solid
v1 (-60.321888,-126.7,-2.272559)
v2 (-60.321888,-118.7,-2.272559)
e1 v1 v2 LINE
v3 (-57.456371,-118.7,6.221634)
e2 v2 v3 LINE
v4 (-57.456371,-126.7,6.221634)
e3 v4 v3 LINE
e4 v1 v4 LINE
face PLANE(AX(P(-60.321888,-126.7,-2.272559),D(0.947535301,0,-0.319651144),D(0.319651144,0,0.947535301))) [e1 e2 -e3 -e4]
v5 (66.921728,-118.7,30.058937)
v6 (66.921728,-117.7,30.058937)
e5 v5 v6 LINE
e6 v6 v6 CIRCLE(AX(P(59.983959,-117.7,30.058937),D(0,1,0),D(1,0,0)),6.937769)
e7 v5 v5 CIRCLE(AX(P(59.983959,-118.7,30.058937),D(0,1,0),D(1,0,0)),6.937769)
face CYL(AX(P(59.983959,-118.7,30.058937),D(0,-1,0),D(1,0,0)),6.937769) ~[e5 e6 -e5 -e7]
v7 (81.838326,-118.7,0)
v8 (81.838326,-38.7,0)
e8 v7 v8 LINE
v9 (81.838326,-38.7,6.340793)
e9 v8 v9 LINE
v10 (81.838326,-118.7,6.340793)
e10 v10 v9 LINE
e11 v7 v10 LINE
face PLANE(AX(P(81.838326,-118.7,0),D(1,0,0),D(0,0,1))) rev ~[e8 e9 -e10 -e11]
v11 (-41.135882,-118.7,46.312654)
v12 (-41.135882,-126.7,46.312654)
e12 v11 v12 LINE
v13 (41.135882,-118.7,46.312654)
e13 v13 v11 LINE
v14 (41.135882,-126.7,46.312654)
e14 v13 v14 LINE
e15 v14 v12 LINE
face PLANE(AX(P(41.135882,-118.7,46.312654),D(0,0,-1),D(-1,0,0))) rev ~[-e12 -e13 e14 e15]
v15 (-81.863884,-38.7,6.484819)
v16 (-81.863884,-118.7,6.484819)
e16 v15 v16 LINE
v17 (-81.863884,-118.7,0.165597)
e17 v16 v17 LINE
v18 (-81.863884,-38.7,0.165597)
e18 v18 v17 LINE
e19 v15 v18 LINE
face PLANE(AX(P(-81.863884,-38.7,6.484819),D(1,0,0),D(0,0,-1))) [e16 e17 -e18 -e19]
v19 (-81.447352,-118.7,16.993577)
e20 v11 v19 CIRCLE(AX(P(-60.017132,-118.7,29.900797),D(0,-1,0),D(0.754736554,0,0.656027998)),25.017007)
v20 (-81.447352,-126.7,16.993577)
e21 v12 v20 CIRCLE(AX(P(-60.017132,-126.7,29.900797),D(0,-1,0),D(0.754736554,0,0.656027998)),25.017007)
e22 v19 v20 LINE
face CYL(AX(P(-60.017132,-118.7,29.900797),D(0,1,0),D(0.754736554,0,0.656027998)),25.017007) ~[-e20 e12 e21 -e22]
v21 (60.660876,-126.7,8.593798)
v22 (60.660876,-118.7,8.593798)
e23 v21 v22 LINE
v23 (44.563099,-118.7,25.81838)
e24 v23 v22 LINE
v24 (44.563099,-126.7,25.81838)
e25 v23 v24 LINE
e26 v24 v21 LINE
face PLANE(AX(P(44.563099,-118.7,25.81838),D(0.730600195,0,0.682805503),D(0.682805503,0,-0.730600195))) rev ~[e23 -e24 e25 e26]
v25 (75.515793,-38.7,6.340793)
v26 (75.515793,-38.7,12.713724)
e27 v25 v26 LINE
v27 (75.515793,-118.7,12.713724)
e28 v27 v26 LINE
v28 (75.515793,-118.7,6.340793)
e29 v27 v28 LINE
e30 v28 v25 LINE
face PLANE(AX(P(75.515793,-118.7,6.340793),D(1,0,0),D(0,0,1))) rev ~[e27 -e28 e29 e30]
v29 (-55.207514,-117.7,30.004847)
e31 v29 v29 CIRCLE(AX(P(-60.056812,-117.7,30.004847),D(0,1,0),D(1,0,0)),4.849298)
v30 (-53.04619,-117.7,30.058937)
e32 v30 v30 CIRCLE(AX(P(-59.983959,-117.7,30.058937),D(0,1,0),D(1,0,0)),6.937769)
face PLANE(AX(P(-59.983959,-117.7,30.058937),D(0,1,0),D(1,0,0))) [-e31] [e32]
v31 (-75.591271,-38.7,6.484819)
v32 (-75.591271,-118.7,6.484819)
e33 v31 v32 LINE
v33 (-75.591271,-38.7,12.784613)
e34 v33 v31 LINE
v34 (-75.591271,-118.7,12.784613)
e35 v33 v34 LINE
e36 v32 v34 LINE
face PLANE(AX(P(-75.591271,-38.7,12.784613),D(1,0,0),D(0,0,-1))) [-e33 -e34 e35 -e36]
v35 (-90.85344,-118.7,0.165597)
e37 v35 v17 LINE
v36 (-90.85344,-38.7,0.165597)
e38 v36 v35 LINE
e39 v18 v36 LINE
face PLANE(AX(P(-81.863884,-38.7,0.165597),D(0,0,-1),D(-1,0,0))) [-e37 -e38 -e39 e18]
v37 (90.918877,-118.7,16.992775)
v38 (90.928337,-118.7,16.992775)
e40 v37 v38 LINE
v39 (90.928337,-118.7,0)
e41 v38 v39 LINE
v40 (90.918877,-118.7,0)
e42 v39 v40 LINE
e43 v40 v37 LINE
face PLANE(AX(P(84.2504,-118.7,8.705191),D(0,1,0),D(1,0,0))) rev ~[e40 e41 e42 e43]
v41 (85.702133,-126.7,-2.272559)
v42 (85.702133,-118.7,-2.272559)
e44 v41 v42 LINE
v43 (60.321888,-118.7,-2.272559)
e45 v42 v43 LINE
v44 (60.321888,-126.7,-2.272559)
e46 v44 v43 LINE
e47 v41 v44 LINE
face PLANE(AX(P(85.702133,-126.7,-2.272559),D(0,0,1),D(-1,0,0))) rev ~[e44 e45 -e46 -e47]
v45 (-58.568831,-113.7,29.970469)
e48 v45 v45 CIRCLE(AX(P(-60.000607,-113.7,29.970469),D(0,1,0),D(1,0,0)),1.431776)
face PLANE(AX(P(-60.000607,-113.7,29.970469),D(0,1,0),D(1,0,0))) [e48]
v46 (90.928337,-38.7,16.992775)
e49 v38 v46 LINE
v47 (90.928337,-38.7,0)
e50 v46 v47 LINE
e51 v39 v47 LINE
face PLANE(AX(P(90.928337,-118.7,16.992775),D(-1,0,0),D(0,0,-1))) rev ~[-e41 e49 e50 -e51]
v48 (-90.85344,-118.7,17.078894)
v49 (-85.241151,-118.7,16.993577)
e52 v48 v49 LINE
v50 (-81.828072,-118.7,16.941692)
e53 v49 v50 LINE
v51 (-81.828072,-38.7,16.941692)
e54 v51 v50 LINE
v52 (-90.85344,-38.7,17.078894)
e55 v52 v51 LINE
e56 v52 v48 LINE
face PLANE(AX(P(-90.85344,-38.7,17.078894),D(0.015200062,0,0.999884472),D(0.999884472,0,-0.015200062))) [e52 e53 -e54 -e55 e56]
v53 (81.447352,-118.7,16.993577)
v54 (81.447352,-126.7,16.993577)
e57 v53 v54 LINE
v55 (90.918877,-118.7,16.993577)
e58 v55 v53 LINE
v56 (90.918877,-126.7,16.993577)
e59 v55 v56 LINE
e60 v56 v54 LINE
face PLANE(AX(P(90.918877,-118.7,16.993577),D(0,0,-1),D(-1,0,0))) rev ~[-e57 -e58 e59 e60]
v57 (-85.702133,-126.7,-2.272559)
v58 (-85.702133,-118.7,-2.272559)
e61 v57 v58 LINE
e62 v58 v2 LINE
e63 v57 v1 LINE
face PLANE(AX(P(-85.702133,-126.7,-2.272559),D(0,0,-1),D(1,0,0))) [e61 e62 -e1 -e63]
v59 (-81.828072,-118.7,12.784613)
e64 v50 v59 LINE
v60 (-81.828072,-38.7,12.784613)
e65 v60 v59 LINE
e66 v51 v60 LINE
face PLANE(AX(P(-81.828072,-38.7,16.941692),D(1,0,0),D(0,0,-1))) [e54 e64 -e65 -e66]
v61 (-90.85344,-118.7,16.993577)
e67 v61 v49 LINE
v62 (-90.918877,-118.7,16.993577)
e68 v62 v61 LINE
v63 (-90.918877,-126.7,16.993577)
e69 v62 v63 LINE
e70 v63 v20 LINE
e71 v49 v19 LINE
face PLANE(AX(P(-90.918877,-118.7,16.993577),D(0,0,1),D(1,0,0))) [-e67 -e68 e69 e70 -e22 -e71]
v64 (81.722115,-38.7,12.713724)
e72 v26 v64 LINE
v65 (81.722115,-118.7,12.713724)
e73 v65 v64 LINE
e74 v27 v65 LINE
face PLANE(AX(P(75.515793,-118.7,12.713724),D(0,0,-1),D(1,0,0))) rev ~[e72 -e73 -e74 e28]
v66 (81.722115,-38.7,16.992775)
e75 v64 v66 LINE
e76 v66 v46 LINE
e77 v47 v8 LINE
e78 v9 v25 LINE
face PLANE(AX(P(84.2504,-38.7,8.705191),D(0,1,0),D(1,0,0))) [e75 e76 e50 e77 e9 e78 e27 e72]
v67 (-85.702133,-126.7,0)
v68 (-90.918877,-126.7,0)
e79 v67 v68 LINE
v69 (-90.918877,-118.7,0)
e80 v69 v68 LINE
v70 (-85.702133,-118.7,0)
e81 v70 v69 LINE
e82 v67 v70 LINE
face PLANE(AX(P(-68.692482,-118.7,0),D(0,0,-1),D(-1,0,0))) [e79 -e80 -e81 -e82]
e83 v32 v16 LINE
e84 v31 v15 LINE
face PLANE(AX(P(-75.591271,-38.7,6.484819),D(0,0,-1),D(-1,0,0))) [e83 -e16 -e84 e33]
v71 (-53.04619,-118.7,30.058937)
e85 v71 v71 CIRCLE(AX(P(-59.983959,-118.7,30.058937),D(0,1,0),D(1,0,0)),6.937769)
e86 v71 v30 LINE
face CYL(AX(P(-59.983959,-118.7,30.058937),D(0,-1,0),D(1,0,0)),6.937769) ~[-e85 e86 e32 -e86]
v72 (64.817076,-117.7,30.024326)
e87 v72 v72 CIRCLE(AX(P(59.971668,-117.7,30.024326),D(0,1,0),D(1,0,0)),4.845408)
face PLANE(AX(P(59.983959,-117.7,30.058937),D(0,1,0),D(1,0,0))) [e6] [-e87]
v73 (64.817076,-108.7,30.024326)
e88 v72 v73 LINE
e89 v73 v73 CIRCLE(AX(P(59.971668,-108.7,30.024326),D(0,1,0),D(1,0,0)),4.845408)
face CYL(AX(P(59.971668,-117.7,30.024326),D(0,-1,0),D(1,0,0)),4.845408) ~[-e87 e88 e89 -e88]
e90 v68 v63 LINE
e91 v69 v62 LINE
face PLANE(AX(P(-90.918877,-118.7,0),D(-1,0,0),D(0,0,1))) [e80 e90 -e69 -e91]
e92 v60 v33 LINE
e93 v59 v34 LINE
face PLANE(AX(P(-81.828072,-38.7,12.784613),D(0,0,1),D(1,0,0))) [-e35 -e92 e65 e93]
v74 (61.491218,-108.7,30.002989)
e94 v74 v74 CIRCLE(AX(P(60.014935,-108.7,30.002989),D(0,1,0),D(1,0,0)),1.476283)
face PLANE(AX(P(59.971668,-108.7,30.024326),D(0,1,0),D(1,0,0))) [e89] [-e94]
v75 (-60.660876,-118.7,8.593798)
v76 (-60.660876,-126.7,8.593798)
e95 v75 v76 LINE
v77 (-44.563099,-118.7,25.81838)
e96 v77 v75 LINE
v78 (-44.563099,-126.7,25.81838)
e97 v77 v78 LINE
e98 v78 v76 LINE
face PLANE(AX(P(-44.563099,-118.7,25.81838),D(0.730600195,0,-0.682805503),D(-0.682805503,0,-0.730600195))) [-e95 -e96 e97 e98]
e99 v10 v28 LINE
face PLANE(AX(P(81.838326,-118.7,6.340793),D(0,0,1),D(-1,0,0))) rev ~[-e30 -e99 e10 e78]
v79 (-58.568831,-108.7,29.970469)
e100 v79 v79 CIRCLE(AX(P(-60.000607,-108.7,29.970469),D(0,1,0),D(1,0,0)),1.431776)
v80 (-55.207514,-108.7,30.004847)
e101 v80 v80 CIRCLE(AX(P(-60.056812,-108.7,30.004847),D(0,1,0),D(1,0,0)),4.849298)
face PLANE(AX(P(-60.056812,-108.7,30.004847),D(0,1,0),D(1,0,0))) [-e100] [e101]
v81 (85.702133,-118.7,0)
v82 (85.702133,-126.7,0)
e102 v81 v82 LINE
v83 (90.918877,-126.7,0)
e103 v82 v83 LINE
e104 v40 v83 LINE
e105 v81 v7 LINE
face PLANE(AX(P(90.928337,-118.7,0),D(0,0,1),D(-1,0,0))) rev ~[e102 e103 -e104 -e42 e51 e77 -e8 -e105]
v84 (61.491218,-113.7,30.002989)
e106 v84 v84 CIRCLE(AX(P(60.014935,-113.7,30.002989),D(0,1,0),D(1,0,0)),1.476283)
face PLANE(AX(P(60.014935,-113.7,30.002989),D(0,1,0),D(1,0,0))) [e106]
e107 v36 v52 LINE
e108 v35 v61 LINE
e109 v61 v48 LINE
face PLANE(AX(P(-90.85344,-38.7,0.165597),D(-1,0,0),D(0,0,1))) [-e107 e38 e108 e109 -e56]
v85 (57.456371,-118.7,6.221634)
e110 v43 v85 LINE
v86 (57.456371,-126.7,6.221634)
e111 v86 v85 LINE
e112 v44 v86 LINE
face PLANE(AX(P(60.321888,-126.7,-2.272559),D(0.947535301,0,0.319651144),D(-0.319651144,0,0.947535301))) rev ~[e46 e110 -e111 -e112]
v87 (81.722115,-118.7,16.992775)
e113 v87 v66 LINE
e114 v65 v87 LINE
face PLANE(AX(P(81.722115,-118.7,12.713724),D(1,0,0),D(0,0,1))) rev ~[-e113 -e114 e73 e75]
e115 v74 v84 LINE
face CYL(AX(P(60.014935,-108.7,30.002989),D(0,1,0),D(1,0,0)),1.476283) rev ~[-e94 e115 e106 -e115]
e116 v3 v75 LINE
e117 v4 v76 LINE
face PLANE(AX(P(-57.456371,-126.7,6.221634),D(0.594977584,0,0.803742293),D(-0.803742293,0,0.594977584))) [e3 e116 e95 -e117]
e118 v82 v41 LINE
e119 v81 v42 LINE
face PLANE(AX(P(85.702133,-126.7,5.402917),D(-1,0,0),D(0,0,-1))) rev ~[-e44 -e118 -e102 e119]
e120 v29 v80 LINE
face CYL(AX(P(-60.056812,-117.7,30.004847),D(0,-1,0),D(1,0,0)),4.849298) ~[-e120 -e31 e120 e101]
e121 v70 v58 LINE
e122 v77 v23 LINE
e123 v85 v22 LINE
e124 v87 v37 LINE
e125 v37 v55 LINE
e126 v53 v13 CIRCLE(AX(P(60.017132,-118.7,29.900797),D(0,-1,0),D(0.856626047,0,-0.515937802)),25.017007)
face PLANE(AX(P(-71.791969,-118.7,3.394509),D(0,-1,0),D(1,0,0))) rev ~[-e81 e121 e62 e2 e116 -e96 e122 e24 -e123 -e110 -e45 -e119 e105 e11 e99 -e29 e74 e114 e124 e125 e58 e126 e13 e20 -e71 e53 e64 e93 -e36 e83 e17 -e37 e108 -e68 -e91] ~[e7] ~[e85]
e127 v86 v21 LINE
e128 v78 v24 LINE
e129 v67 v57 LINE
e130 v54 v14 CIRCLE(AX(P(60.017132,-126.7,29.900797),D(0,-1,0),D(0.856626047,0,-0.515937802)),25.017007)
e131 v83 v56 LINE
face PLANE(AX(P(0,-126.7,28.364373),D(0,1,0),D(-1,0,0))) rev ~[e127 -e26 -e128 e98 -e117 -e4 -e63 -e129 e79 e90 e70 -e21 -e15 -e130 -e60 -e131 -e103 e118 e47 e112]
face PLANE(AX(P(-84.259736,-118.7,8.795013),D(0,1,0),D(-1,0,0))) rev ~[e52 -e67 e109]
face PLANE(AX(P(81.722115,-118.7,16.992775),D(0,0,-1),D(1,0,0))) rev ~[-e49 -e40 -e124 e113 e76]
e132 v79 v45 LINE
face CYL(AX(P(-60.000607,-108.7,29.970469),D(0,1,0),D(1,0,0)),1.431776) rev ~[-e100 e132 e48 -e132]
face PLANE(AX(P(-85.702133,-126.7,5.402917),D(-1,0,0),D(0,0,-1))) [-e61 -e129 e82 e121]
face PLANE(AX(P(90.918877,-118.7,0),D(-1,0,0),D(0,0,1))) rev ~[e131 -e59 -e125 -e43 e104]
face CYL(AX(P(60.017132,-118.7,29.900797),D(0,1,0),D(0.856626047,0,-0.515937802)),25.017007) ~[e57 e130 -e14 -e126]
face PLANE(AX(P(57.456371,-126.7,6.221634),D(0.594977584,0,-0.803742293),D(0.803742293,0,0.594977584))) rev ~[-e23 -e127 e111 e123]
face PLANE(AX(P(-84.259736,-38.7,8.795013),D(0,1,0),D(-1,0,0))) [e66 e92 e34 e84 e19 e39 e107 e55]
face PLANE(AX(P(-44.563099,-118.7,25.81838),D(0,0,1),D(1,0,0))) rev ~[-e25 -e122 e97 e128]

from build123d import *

# Parameters (mm, degrees)
PAD005_DEPTH    = 80
PAD006_DEPTH    = 8
PAD007_DEPTH    = 80
SKETCH011_R     = 6.937769
PAD008_DEPTH    = 1
SKETCH012_R     = 4.849298
SKETCH012_R_2   = 4.845408
PAD009_DEPTH    = 9
SKETCH013_R     = 1.431776
SKETCH013_R_2   = 1.476283
POCKET002_DEPTH = 5
PAD013_DEPTH    = 8


with BuildPart() as part:
    # Sketch008 → Pad005 (new body)
    with BuildSketch(Plane.XZ):
        Polygon((-81.828072, 16.941692), (-81.828072, 12.784613), (-75.591271, 12.784613), (-75.591271, 6.484819), (-81.863884, 6.484819), (-81.863884, 0.165597), (-90.85344, 0.165597), (-90.85344, 17.078894), align=None)
    extrude(amount=PAD005_DEPTH)

    # Sketch009 (on Face10 of Pad005) → Pad006 (join)
    with BuildSketch(Plane.XZ.offset(80)):
        with BuildLine():
            Line((-90.918877, 0), (-90.918877, 16.993577))
            Line((-90.918877, 16.993577), (-81.447352, 16.993577))
            ThreePointArc((-41.135882, 46.312654), (-74.731967, 50.132561), (-81.447352, 16.993577))
            Line((-41.135882, 46.312654), (0, 46.312654))
            Line((41.135882, 46.312654), (0, 46.312654))
            ThreePointArc((81.447352, 16.993577), (74.731967, 50.132561), (41.135882, 46.312654))
            Line((90.918877, 16.993577), (81.447352, 16.993577))
            Line((90.918877, 0), (90.918877, 16.993577))
            Line((68.692482, 0), (90.918877, 0))
            Line((44.563099, 25.81838), (68.692482, 0))
            Line((0, 25.81838), (44.563099, 25.81838))
            Line((0, 25.81838), (-44.563099, 25.81838))
            Line((-44.563099, 25.81838), (-68.692482, 0))
            Line((-68.692482, 0), (-90.918877, 0))
        make_face()
    extrude(amount=PAD006_DEPTH)

    # Sketch010 (on Face5 of Pad006) → Pad007 (join)
    with BuildSketch(Plane(origin=(0, -80, 0), x_dir=(1, 0, 0), z_dir=(0, 1, 0))):
        Polygon((81.838326, 0), (81.838326, -6.340793), (75.515793, -6.340793), (75.515793, -12.713724), (81.722115, -12.713724), (81.722115, -16.992775), (90.928337, -16.992775), (90.928337, 0), align=None)
    extrude(amount=PAD007_DEPTH)

    # Sketch011 (on Face5 of Pad007) → Pad008 (join)
    with BuildSketch(Plane(origin=(0, -80, 0), x_dir=(1, 0, 0), z_dir=(0, 1, 0))):
        with Locations((-59.983959, -30.058937)):
            Circle(SKETCH011_R)
        with Locations((59.983959, -30.058937)):
            Circle(SKETCH011_R)
    extrude(amount=PAD008_DEPTH)

    # Sketch012 (on Face39 of Pad008) → Pad009 (join)
    with BuildSketch(Plane(origin=(0, -79, 0), x_dir=(1, 0, 0), z_dir=(0, 1, 0))):
        with Locations((-60.056812, -30.004847)):
            Circle(SKETCH012_R)
        with Locations((59.971668, -30.024326)):
            Circle(SKETCH012_R_2)
    extrude(amount=PAD009_DEPTH)

    # Sketch013 (on Face43 of Pad009) → Pocket002 (cut)
    with BuildSketch(Plane(origin=(0, -70, 0), x_dir=(1, 0, 0), z_dir=(0, 1, 0))):
        with Locations((-60.000607, -29.970469)):
            Circle(SKETCH013_R)
        with Locations((60.014935, -30.002989)):
            Circle(SKETCH013_R_2)
    extrude(amount=-POCKET002_DEPTH, mode=Mode.SUBTRACT)

    # Sketch019 (on Face34 of Pocket002) → Pad013 (join)
    with BuildSketch(Plane.XZ.offset(88)):
        Polygon((-85.702133, 5.402917), (-85.702133, -2.272559), (-60.321888, -2.272559), (-57.456371, 6.221634), (-65.336533, 12.054996), align=None)
        Polygon((85.702133, 5.402917), (85.702133, -2.272559), (60.321888, -2.272559), (57.456371, 6.221634), (65.336533, 12.054996), align=None)
    extrude(amount=-PAD013_DEPTH)


with BuildPart() as part_1:
    # Body001 placement: moved
    add(part.part.moved(Location((0, -38.7, 0))))


solid = part_1.part
